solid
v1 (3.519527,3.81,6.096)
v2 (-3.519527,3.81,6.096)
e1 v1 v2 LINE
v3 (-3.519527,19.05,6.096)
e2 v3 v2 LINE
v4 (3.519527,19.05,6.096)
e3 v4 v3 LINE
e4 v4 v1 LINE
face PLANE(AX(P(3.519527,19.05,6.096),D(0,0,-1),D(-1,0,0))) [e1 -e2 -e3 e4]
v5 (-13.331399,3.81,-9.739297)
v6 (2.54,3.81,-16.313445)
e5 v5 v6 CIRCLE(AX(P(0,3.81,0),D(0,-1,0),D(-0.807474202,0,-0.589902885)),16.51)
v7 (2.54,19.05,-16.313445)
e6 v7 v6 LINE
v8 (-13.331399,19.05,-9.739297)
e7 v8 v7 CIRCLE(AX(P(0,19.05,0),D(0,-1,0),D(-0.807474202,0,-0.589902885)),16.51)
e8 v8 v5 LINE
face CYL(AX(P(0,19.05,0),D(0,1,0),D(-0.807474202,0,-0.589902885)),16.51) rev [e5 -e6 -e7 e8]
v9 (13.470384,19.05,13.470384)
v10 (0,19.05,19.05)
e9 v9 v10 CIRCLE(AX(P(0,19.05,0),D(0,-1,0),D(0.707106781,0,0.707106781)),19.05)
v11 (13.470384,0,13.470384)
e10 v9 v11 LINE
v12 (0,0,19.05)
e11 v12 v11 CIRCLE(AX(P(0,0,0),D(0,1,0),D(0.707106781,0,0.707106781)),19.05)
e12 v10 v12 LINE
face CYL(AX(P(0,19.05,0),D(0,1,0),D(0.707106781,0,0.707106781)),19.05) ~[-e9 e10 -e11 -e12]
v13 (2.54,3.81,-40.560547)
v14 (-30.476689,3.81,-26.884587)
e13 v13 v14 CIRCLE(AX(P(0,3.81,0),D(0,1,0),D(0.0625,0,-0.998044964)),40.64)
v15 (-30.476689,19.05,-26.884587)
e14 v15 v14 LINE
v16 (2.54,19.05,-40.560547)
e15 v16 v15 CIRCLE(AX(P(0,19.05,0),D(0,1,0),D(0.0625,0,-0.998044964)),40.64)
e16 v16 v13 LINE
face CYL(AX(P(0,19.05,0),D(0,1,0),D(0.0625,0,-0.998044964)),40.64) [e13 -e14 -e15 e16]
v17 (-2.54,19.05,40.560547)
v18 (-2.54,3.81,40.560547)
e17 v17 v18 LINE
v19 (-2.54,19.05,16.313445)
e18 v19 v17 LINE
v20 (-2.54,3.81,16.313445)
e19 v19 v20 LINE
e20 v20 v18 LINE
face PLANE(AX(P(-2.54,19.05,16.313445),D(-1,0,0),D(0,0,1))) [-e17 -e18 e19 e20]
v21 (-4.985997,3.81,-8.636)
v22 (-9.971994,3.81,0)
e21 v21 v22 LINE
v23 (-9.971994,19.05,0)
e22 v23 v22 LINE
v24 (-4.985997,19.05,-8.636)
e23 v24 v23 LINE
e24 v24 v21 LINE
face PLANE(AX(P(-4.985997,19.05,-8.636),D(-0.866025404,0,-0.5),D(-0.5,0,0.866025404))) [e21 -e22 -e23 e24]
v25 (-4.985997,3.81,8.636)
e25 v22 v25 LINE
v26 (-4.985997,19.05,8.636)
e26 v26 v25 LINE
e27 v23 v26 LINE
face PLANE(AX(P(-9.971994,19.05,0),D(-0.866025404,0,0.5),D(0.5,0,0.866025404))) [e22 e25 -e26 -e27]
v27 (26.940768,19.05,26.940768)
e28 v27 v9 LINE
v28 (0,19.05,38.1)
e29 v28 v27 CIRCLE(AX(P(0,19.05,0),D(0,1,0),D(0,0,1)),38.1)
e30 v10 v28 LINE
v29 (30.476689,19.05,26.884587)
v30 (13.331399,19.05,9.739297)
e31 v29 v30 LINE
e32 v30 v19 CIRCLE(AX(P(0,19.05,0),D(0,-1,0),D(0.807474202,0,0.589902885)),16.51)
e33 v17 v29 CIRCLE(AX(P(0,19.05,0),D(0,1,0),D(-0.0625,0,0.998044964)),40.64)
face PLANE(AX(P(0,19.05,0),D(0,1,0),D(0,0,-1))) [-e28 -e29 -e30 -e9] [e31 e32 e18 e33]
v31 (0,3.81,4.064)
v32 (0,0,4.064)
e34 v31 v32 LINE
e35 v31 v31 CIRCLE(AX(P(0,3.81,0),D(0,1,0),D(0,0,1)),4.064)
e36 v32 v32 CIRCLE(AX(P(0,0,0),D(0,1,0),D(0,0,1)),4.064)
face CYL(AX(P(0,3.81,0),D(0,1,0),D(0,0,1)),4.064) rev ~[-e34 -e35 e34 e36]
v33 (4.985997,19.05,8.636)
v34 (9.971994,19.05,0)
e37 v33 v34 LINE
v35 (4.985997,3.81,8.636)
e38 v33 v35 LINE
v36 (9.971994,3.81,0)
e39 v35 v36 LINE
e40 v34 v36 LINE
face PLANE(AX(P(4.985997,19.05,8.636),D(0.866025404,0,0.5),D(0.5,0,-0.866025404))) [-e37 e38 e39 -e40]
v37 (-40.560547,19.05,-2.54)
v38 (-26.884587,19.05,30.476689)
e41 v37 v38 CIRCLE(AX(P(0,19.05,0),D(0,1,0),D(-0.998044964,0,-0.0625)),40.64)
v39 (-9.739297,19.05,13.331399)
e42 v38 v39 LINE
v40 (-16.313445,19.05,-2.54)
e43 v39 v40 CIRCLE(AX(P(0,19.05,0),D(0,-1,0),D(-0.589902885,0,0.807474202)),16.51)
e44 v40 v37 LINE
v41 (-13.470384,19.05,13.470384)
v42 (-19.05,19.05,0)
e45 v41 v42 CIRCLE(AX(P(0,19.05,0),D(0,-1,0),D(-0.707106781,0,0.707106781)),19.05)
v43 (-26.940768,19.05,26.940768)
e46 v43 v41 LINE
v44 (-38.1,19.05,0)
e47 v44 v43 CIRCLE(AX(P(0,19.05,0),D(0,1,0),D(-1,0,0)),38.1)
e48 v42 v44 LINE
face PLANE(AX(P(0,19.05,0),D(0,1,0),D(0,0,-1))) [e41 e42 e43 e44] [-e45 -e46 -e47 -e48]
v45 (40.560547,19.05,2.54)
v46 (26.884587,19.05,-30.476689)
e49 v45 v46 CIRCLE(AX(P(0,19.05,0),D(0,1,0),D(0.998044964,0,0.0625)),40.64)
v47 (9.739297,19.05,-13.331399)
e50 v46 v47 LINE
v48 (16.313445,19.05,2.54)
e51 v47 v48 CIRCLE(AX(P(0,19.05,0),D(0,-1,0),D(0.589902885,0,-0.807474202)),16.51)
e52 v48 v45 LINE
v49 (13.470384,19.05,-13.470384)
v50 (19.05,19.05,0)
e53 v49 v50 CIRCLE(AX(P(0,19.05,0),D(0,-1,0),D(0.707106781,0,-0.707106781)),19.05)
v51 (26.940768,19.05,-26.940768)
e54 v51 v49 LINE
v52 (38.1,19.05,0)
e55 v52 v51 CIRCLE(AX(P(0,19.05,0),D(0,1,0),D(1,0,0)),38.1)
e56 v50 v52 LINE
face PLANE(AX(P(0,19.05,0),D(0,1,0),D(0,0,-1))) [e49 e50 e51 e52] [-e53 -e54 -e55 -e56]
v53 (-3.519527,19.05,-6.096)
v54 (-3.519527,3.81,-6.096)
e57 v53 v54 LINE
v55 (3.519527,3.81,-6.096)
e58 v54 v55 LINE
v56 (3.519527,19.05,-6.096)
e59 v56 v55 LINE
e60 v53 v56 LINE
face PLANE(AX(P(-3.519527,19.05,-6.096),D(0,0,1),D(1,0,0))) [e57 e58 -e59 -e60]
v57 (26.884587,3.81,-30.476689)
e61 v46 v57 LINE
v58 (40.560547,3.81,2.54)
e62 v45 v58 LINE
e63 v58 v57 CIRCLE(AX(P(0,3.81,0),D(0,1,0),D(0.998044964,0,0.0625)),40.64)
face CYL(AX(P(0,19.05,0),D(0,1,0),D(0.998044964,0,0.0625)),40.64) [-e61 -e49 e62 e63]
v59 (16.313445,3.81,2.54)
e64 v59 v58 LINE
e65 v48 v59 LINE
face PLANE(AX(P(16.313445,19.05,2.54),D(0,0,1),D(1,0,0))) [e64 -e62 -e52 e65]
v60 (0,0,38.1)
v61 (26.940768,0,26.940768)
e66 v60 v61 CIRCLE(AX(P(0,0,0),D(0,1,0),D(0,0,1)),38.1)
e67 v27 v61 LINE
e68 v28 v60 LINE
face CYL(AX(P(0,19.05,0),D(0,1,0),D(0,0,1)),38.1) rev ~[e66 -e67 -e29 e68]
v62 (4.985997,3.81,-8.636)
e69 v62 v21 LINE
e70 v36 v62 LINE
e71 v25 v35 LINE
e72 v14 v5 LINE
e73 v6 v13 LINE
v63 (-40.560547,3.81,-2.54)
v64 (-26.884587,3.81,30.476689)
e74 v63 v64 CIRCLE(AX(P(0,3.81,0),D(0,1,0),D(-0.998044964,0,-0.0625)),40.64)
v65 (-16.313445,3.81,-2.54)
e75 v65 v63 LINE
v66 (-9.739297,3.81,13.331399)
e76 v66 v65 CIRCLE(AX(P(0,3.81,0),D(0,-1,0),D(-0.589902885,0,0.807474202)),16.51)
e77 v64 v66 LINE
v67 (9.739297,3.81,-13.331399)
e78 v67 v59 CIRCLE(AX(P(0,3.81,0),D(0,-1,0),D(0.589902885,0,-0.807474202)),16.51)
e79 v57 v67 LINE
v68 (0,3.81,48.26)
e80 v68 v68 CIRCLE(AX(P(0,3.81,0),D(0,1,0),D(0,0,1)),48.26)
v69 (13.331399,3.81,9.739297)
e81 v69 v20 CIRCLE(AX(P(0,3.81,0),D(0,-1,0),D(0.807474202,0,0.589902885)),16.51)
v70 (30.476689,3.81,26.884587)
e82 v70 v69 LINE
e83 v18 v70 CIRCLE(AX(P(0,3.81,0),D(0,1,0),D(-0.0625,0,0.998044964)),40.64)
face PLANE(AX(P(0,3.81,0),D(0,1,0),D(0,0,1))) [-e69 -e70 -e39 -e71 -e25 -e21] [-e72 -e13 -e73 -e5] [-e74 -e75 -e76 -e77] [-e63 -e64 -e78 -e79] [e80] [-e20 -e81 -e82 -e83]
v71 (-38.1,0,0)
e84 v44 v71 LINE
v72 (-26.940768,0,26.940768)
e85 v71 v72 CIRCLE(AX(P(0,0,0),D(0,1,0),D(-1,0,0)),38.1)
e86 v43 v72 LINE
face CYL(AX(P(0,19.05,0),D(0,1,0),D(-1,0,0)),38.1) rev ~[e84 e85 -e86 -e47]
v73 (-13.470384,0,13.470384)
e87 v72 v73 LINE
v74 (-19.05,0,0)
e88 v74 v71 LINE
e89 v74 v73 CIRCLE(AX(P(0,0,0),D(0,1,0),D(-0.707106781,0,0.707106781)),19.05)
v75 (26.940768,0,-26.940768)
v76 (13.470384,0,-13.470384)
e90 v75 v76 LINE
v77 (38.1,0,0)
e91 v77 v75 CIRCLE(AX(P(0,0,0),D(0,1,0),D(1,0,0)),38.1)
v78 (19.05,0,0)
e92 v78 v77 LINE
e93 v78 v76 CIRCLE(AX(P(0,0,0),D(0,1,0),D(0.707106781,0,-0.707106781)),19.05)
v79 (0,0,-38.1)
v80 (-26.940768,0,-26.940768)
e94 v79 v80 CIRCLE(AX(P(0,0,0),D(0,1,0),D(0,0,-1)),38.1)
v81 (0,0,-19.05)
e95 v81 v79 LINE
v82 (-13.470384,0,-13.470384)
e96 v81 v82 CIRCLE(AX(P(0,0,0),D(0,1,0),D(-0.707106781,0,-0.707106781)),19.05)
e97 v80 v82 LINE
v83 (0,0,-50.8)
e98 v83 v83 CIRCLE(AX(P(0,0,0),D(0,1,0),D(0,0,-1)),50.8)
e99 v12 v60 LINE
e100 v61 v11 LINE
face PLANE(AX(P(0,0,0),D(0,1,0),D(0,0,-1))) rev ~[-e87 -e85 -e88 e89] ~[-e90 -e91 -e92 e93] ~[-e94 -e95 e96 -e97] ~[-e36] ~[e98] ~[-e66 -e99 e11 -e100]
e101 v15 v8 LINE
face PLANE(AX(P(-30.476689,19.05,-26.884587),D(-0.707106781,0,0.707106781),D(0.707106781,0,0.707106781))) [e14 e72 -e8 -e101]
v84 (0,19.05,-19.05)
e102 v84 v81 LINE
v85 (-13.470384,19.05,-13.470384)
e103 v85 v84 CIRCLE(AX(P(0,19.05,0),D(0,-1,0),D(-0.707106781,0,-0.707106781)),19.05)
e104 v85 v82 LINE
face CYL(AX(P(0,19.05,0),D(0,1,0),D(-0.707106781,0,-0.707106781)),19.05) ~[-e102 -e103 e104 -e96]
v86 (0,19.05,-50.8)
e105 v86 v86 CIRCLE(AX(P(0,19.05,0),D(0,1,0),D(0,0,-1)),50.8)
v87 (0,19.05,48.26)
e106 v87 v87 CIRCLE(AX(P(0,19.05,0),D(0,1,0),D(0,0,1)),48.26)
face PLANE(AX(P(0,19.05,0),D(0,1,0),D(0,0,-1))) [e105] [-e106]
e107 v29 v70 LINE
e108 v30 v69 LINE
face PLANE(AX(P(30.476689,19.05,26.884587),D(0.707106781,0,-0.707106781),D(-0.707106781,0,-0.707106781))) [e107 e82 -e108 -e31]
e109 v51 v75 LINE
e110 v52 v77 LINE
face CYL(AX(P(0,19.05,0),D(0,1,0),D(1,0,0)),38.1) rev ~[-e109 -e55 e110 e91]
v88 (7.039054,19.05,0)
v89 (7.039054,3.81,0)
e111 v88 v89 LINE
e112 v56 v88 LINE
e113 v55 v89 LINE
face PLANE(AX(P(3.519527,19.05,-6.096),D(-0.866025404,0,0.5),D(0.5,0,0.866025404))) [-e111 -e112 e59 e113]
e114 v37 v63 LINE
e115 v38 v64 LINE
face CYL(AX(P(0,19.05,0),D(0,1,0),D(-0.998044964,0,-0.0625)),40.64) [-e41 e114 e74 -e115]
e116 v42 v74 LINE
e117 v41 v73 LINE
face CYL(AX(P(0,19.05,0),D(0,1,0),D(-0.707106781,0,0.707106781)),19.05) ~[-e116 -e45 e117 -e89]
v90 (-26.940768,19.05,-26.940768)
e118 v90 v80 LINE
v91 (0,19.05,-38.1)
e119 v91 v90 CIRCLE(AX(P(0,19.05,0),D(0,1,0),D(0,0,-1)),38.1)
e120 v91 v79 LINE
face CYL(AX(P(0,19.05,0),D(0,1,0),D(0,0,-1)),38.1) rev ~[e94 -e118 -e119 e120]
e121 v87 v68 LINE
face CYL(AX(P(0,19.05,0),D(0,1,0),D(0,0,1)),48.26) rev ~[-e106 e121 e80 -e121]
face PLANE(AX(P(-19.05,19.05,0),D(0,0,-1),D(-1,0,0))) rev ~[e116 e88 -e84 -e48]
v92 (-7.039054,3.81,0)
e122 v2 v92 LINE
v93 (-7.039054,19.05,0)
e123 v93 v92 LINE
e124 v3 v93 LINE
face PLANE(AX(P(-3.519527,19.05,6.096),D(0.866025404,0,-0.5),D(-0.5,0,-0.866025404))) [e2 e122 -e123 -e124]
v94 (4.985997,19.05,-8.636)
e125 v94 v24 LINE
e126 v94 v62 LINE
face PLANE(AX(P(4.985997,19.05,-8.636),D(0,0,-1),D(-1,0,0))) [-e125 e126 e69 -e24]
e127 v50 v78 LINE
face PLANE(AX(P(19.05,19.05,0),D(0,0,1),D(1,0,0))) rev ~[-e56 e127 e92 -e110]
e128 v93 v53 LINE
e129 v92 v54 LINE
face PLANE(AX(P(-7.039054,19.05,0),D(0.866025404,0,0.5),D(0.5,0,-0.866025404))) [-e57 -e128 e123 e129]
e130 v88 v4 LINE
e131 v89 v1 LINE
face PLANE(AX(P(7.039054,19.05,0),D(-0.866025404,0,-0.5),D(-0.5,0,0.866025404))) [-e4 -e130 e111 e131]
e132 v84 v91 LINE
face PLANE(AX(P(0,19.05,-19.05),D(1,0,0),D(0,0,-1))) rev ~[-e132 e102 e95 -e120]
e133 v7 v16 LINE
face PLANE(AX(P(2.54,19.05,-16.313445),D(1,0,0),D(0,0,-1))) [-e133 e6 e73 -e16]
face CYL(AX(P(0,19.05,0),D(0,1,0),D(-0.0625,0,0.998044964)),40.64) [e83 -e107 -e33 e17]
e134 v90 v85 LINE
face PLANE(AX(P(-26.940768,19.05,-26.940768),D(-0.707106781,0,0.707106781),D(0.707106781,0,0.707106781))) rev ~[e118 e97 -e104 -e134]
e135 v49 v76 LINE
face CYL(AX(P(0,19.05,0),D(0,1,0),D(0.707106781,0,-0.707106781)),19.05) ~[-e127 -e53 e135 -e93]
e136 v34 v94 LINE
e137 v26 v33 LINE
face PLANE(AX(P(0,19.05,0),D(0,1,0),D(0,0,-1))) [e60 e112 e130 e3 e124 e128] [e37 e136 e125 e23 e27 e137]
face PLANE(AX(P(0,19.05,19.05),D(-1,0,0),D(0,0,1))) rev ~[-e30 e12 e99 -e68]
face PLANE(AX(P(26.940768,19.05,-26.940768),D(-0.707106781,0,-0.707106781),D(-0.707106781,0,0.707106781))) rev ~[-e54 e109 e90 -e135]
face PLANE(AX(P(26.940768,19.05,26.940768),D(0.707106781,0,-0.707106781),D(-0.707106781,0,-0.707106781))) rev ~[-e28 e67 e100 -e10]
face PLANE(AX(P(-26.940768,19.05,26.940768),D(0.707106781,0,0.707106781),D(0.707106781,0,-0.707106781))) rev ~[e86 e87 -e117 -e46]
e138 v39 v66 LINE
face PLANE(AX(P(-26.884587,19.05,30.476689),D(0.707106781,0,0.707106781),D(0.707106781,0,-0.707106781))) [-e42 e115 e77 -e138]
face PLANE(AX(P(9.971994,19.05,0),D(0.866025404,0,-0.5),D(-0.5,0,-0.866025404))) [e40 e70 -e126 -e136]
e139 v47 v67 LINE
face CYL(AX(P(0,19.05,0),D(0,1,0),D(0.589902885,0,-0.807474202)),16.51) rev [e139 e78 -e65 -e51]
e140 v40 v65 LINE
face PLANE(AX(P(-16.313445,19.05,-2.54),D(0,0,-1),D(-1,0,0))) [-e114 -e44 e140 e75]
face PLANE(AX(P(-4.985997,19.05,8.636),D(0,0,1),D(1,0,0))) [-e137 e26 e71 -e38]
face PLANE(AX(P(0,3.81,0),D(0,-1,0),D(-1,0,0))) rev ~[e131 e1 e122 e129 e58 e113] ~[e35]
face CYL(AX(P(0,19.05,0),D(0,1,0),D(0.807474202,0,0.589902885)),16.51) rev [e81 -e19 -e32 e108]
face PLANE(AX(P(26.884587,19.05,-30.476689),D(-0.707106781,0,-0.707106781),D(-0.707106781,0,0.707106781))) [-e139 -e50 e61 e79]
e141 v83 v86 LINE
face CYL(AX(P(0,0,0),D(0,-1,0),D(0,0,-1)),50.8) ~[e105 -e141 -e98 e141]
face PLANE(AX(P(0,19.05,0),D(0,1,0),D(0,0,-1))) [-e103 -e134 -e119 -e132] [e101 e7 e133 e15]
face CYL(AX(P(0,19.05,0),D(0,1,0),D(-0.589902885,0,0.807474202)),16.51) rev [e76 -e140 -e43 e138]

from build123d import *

# Parameters (mm, degrees)
SKETCH1_R           = 50.8
BOSS_EXTRUDE1_DEPTH = 19.05
CUT_EXTRUDE2_DEPTH  = 15.24
SKETCH5_R           = 4.064
CUT_EXTRUDE3_DEPTH  = 74.440708058
CUT_EXTRUDE4_DEPTH  = 75.324844433
SKETCH7_R           = 48.26
GUTTED_DEPTH        = 15.24


with BuildPart() as part:
    # Sketch1 → Boss-Extrude1 (new body)
    with BuildSketch(Plane(origin=(0, 0, 0), x_dir=(1, 0, 0), z_dir=(0, 1, 0))):
        with Locations(Location((0, 0, 0), (0, 0, 90))):
            Circle(SKETCH1_R)
    extrude(amount=BOSS_EXTRUDE1_DEPTH)

    # Sketch4 → Cut-Extrude2 (cut)
    with BuildSketch(Plane(origin=(0, 19.05, 0), x_dir=(1, 0, 0), z_dir=(0, 1, 0))):
        Polygon((-3.519527241, 6.096), (3.519527241, 6.096), (7.039054482, 0), (3.519527241, -6.096), (-3.519527241, -6.096), (-7.039054482, 0), align=None)
    extrude(amount=-CUT_EXTRUDE2_DEPTH, mode=Mode.SUBTRACT)

    # Sketch5 → Cut-Extrude3 (cut, through all)
    with BuildSketch(Plane(origin=(0, 3.81, 0), x_dir=(1, 0, 0), z_dir=(0, 1, 0))):
        with Locations(Location((0, 0, 0), (0, 0, 270))):
            Circle(SKETCH5_R)
    extrude(amount=-CUT_EXTRUDE3_DEPTH, mode=Mode.SUBTRACT)

    # Sketch6 → Cut-Extrude4 (cut, through all)
    with BuildSketch(Plane(origin=(0, 19.05, 0), x_dir=(1, 0, 0), z_dir=(0, 1, 0))):
        with BuildLine():
            ThreePointArc((-13.470384182, 13.470384182), (-7.290119387, 17.599905094), (0, 19.05))
            Line((0, 19.05), (0, 38.1))
            ThreePointArc((0, 38.1), (-14.580238773, 35.199810189), (-26.940768363, 26.940768363))
            Line((-26.940768363, 26.940768363), (-13.470384182, 13.470384182))
        make_face()
        with BuildLine():
            Line((26.940768363, 26.940768363), (13.470384182, 13.470384182))
            ThreePointArc((13.470384182, 13.470384182), (17.599905094, 7.290119387), (19.05, 0))
            Line((19.05, 0), (38.1, 0))
            ThreePointArc((38.1, 0), (35.199810189, 14.580238773), (26.940768363, 26.940768363))
        make_face()
        with BuildLine():
            Line((26.940768363, -26.940768363), (13.470384182, -13.470384182))
            ThreePointArc((13.470384182, -13.470384182), (7.290119387, -17.599905094), (0, -19.05))
            Line((0, -19.05), (0, -38.1))
            ThreePointArc((0, -38.1), (14.580238773, -35.199810189), (26.940768363, -26.940768363))
        make_face()
        with BuildLine():
            Line((-26.940768363, -26.940768363), (-13.470384182, -13.470384182))
            ThreePointArc((-13.470384182, -13.470384182), (-17.599905094, -7.290119387), (-19.05, 0))
            Line((-19.05, 0), (-38.1, 0))
            ThreePointArc((-38.1, 0), (-35.199810189, -14.580238773), (-26.940768363, -26.940768363))
        make_face()
    extrude(amount=-CUT_EXTRUDE4_DEPTH, mode=Mode.SUBTRACT)

    # Sketch7 → gutted (cut)
    with BuildSketch(Plane(origin=(0, 19.05, 0), x_dir=(1, 0, 0), z_dir=(0, 1, 0))):
        with Locations(Location((0, 0, 0), (0, 0, 270))):
            Circle(SKETCH7_R)
        with BuildLine():
            Line((-16.313445375, 2.54), (-40.560547334, 2.54))
            ThreePointArc((-40.560547334, 2.54), (-37.546464201, -15.552254691), (-26.884586844, -30.476689292))
            Line((-26.884586844, -30.476689292), (-9.739296625, -13.331399073))
            ThreePointArc((-9.739296625, -13.331399073), (-15.253251082, -6.318103468), (-16.313445375, 2.54))
        make_face(mode=Mode.SUBTRACT)
        with BuildLine():
            Line((16.313445375, -2.54), (40.560547334, -2.54))
            ThreePointArc((40.560547334, -2.54), (37.546464201, 15.552254691), (26.884586844, 30.476689292))
            Line((26.884586844, 30.476689292), (9.739296625, 13.331399073))
            ThreePointArc((9.739296625, 13.331399073), (15.253251082, 6.318103468), (16.313445375, -2.54))
        make_face(mode=Mode.SUBTRACT)
        Polygon((4.985996925, 8.636), (-4.985996925, 8.636), (-9.971993849, 0), (-4.985996925, -8.636), (4.985996925, -8.636), (9.971993849, 0), align=None, mode=Mode.SUBTRACT)
        with BuildLine():
            ThreePointArc((2.54, 40.560547334), (-15.552254691, 37.546464201), (-30.476689292, 26.884586844))
            Line((-30.476689292, 26.884586844), (-13.331399073, 9.739296625))
            ThreePointArc((-13.331399073, 9.739296625), (-6.318103468, 15.253251082), (2.54, 16.313445375))
            Line((2.54, 16.313445375), (2.54, 40.560547334))
        make_face(mode=Mode.SUBTRACT)
        with BuildLine():
            Line((-2.54, -16.313445375), (-2.54, -40.560547334))
            ThreePointArc((-2.54, -40.560547334), (15.552254691, -37.546464201), (30.476689292, -26.884586844))
            Line((30.476689292, -26.884586844), (13.331399073, -9.739296625))
            ThreePointArc((13.331399073, -9.739296625), (6.318103468, -15.253251082), (-2.54, -16.313445375))
        make_face(mode=Mode.SUBTRACT)
    extrude(amount=-GUTTED_DEPTH, mode=Mode.SUBTRACT)


solid = part.part
